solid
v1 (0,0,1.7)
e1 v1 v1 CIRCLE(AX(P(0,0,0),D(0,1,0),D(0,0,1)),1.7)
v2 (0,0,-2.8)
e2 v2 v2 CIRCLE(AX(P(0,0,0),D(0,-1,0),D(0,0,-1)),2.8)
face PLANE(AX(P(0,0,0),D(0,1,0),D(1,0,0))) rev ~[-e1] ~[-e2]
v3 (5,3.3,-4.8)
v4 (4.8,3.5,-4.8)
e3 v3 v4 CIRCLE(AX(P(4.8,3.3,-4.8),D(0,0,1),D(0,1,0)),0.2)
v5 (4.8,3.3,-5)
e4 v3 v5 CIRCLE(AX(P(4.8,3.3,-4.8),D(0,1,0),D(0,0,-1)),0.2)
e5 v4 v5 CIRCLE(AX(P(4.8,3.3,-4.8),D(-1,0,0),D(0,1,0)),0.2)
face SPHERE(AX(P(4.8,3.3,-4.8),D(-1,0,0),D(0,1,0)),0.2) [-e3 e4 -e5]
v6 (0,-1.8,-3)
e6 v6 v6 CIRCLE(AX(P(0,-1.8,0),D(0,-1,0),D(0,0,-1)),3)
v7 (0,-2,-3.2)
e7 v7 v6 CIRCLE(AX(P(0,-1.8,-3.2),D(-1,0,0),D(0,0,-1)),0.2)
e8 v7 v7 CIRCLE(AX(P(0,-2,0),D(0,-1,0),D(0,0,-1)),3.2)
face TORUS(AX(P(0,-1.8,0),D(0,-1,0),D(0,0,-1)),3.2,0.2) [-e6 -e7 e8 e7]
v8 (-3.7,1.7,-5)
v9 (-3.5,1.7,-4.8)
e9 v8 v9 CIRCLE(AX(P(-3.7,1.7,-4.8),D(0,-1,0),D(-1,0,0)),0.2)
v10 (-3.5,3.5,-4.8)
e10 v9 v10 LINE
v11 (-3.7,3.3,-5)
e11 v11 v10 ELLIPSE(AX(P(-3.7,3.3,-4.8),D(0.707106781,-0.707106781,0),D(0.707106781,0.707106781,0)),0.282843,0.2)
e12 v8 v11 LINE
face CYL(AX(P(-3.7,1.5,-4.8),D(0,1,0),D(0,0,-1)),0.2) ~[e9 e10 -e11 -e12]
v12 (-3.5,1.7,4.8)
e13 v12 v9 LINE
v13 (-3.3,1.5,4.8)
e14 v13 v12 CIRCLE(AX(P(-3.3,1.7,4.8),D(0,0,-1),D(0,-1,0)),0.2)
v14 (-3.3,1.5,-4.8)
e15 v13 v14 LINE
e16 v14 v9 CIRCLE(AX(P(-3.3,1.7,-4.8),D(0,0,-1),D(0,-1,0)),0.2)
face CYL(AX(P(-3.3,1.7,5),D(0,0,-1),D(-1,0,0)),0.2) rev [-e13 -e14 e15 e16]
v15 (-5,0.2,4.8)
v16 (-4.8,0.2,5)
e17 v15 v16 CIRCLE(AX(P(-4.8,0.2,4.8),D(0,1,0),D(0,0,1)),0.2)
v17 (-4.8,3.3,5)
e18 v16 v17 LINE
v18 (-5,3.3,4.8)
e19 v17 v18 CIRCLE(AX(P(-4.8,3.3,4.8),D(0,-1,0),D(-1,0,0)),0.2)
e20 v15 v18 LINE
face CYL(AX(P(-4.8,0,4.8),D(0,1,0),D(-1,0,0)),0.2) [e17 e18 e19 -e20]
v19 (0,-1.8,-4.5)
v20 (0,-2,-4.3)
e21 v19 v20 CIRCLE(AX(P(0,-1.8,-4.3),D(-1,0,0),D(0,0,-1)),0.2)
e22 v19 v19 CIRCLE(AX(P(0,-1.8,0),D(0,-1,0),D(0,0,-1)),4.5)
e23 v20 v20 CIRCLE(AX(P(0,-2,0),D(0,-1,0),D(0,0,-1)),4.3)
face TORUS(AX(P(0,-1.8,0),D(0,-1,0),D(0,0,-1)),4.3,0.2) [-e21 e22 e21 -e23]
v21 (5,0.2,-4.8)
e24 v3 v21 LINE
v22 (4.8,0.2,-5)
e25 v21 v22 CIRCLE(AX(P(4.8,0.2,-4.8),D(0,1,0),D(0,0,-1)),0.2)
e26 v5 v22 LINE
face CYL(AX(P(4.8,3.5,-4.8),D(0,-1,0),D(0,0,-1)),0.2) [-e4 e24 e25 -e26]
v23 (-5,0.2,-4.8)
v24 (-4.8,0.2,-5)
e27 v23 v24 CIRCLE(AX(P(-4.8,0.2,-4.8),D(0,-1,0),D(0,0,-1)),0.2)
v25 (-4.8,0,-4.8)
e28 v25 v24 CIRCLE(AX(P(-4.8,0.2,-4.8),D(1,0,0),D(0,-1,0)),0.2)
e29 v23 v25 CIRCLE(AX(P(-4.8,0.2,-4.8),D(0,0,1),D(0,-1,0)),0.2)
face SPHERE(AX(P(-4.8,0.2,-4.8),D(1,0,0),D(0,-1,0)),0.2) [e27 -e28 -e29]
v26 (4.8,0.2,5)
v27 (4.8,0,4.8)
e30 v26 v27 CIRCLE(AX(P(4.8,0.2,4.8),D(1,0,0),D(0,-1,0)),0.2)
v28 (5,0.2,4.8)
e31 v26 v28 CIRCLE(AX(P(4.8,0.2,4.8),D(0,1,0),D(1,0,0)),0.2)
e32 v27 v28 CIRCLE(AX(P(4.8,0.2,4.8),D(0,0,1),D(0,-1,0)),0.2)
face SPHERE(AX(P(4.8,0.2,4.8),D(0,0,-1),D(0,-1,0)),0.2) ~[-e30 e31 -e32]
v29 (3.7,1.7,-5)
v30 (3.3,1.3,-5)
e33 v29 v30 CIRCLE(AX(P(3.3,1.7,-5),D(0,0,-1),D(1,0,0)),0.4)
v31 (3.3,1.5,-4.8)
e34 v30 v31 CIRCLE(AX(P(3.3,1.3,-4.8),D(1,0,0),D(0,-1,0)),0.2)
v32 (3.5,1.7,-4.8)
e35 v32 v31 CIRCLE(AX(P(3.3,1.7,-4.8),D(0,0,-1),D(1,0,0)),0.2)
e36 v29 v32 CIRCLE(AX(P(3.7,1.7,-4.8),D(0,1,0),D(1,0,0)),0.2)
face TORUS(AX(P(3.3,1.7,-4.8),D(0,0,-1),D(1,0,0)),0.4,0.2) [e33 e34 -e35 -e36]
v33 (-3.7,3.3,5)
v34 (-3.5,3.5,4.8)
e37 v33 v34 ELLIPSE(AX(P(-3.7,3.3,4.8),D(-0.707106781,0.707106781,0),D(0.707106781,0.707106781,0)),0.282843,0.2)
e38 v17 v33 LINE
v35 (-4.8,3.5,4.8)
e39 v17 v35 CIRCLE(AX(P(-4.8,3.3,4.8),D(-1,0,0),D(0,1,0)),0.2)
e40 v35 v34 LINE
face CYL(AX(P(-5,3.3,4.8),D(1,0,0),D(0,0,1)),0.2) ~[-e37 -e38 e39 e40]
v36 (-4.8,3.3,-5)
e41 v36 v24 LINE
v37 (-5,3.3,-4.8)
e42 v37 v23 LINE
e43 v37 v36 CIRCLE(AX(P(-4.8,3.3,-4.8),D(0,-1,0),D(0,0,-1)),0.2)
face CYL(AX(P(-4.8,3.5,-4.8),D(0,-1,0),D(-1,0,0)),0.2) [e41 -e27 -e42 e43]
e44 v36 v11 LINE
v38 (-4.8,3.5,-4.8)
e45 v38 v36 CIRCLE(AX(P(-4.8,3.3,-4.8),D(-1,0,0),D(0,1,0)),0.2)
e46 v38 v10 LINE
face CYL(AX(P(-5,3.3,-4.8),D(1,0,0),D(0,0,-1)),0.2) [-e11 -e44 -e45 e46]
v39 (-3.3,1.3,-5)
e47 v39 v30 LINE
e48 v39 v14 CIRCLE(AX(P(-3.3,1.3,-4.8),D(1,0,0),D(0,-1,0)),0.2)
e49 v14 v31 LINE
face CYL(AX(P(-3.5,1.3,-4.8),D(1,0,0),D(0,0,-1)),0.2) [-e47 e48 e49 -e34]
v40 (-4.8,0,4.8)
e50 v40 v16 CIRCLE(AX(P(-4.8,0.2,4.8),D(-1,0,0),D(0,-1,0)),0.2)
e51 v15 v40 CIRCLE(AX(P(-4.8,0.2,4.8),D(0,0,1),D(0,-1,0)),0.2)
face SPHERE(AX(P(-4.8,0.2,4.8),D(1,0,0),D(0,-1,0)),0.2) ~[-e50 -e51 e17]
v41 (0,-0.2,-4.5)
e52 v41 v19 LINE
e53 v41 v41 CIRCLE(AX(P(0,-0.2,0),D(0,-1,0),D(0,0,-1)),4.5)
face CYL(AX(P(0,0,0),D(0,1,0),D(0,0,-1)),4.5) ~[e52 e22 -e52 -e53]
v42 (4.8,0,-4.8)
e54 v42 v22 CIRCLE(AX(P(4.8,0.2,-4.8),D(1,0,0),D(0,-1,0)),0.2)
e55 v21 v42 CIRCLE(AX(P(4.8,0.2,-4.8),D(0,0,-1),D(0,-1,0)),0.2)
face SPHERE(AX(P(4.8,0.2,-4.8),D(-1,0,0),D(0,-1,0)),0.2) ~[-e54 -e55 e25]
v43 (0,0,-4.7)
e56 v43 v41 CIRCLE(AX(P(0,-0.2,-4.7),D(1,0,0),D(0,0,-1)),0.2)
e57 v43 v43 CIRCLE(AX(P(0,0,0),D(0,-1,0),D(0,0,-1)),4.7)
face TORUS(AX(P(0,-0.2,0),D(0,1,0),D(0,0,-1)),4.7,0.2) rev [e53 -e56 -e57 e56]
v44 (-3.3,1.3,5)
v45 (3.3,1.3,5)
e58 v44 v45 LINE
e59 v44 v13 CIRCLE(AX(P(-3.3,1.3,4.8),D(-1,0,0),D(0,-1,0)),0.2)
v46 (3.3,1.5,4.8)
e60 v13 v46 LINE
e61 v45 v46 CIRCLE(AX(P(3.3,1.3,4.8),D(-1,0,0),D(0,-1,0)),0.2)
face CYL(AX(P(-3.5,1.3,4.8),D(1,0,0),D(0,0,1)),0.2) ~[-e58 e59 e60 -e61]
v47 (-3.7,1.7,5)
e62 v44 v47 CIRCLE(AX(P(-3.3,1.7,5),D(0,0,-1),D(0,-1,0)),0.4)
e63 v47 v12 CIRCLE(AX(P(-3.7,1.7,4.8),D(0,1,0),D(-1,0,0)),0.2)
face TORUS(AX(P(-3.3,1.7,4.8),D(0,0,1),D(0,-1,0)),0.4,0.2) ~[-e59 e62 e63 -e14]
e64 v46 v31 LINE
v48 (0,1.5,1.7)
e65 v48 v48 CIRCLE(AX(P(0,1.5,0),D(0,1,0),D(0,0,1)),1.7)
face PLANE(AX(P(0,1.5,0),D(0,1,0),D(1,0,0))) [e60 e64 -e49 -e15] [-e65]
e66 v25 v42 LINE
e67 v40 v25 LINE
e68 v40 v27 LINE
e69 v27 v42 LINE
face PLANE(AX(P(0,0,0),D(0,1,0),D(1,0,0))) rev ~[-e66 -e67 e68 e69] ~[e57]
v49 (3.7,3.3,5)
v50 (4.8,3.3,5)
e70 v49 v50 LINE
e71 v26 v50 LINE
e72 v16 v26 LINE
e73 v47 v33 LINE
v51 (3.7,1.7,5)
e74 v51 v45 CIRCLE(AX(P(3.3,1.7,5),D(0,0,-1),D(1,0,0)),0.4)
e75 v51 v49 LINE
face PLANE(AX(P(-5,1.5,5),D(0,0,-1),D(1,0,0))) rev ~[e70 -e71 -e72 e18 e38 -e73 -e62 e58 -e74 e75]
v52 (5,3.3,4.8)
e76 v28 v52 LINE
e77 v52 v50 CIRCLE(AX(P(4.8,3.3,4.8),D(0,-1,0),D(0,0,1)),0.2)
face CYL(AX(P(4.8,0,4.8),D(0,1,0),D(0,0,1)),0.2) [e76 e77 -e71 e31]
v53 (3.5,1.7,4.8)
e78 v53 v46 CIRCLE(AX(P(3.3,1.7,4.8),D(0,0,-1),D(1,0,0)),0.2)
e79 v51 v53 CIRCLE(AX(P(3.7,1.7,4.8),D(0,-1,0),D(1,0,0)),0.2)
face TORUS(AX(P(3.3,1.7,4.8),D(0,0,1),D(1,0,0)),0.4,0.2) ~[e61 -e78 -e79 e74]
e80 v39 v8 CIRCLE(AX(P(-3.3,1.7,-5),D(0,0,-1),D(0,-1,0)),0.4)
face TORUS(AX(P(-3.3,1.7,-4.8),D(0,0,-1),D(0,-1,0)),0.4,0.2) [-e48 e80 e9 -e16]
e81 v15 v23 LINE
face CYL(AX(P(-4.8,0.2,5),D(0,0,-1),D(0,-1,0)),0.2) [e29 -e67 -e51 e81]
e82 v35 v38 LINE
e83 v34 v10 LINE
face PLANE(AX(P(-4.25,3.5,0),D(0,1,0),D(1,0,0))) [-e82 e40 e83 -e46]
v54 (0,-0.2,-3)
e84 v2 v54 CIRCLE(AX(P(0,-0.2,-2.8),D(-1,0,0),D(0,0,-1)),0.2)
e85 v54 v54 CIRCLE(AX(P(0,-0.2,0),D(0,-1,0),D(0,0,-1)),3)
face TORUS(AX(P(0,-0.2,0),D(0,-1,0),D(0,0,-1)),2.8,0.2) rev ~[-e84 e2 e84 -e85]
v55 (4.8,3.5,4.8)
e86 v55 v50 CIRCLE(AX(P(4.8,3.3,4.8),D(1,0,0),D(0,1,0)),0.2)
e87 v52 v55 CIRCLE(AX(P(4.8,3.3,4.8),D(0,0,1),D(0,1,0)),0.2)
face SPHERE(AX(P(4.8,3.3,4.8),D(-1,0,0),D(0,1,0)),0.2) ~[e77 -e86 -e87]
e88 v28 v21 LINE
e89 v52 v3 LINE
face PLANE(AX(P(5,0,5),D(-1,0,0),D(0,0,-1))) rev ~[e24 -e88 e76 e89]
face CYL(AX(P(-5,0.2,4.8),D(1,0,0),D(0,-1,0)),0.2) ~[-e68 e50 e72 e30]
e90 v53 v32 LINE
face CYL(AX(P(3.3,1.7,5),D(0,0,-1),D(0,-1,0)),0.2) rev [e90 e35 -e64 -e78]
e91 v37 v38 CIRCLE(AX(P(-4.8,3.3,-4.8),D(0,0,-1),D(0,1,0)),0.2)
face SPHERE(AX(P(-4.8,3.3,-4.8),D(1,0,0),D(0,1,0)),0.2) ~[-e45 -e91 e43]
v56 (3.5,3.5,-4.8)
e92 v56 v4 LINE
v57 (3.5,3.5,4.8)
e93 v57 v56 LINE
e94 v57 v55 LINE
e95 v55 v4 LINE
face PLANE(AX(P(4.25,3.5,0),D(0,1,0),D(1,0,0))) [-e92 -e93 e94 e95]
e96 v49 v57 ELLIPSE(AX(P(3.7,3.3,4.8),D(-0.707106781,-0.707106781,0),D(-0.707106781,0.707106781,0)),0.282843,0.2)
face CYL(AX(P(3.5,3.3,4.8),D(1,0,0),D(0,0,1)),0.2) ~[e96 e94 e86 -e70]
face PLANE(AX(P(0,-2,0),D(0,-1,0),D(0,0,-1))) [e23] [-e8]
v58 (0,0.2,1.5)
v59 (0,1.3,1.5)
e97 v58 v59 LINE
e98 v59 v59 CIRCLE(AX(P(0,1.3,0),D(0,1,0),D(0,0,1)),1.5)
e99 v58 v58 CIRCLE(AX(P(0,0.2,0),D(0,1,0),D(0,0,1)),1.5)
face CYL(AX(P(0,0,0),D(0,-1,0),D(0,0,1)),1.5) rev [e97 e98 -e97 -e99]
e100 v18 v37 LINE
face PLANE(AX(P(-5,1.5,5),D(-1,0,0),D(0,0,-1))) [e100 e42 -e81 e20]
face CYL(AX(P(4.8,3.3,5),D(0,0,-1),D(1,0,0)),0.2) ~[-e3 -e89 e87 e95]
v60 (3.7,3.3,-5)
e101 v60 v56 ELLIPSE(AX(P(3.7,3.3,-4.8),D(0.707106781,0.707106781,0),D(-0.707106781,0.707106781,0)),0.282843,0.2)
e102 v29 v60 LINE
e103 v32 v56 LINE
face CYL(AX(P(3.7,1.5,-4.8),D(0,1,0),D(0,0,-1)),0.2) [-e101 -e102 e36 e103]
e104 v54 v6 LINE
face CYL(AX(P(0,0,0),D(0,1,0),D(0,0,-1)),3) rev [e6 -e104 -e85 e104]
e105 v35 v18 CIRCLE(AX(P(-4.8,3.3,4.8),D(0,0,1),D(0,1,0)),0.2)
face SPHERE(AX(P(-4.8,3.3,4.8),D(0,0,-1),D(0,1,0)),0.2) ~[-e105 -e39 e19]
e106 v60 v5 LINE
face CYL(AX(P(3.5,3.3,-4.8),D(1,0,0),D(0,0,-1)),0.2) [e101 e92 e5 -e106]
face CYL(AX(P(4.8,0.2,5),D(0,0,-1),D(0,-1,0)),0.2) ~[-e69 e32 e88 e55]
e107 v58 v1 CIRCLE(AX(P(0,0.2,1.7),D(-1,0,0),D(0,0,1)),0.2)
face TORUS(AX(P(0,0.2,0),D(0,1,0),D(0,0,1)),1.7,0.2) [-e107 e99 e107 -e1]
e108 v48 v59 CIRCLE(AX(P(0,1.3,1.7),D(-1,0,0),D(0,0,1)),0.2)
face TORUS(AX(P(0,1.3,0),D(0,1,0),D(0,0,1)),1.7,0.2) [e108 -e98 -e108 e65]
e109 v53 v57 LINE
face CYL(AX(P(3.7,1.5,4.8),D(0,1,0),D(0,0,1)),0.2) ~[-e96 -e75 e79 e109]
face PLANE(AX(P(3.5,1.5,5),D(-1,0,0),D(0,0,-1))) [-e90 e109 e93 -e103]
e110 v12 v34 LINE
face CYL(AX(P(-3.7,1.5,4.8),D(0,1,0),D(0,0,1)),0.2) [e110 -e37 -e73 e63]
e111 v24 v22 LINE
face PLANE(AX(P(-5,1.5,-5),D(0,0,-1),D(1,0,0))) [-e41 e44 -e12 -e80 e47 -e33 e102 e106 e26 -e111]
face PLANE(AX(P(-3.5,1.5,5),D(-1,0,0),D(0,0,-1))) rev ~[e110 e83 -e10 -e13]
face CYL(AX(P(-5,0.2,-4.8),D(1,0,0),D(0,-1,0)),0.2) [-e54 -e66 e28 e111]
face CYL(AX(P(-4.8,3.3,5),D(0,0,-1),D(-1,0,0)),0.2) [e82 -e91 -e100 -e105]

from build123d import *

# Parameters (mm, degrees)
CROQUIS1_W              = 10
CROQUIS1_H              = 10
CROQUIS1_R              = 1.5
SALIENTE_EXTRUIR1_DEPTH = 1.5
CROQUIS2_W              = 1.5
CROQUIS2_H              = 10
SALIENTE_EXTRUIR2_DEPTH = 2
CROQUIS3_R              = 4.5
CROQUIS3_R_2            = 3
SALIENTE_EXTRUIR3_DEPTH = 2
REDONDEO1_R             = 0.2
REDONDEO3_R             = 0.2


with BuildPart() as part:
    # Croquis1 → Saliente-Extruir1 (new body)
    with BuildSketch(Plane(origin=(0, 0, 0), x_dir=(1, 0, 0), z_dir=(0, 1, 0))):
        Rectangle(CROQUIS1_W, CROQUIS1_H)
        with Locations(Location((0, 0, 0), (0, 0, 270))):
            Circle(CROQUIS1_R, mode=Mode.SUBTRACT)
    extrude(amount=SALIENTE_EXTRUIR1_DEPTH)

    # Croquis2 → Saliente-Extruir2 (add)
    with BuildSketch(Plane(origin=(0, 1.5, 0), x_dir=(1, 0, 0), z_dir=(0, 1, 0))):
        with Locations((-4.25, 0)):
            Rectangle(CROQUIS2_W, CROQUIS2_H)
        with Locations((4.25, 0)):
            Rectangle(CROQUIS2_W, CROQUIS2_H)
    extrude(amount=SALIENTE_EXTRUIR2_DEPTH)

    # Croquis3 → Saliente-Extruir3 (add)
    with BuildSketch(Plane.XZ):
        with Locations(Location((0, 0, 0), (0, 0, 270))):
            Circle(CROQUIS3_R)
        with Locations(Location((0, 0, 0), (0, 0, 270))):
            Circle(CROQUIS3_R_2, mode=Mode.SUBTRACT)
    extrude(amount=SALIENTE_EXTRUIR3_DEPTH)

    # Redondeo1
    redondeo1_edges = [part.edges().sort_by_distance(p)[0] for p in [
        (0, 0, 3),
        (0, -2, 4.5),
        (0, 0, 4.5),
        (0, -2, 3),
    ]]
    fillet(redondeo1_edges, radius=REDONDEO1_R)

    # Redondeo3
    redondeo3_edges = [part.edges().sort_by_distance(p)[0] for p in [
        (0, 0, -1.5),
        (0, 1.5, -1.5),
        (0, 1.5, 5),
        (-3.5, 2.5, 5),
        (-3.5, 2.5, -5),
        (-4.25, 3.5, -5),
        (-5, 3.5, 0),
        (-4.25, 3.5, 5),
        (-3.5, 1.5, 0),
        (0, 1.5, -5),
        (3.5, 1.5, 0),
        (3.5, 2.5, -5),
        (3.5, 2.5, 5),
        (4.25, 3.5, -5),
        (4.25, 3.5, 5),
        (5, 3.5, 0),
        (0, 0, -5),
        (5, 0, 0),
        (0, 0, 5),
        (-5, 0, 0),
        (-5, 1.75, -5),
        (5, 1.75, -5),
        (5, 1.75, 5),
        (-5, 1.75, 5),
    ]]
    fillet(redondeo3_edges, radius=REDONDEO3_R)


solid = part.part
